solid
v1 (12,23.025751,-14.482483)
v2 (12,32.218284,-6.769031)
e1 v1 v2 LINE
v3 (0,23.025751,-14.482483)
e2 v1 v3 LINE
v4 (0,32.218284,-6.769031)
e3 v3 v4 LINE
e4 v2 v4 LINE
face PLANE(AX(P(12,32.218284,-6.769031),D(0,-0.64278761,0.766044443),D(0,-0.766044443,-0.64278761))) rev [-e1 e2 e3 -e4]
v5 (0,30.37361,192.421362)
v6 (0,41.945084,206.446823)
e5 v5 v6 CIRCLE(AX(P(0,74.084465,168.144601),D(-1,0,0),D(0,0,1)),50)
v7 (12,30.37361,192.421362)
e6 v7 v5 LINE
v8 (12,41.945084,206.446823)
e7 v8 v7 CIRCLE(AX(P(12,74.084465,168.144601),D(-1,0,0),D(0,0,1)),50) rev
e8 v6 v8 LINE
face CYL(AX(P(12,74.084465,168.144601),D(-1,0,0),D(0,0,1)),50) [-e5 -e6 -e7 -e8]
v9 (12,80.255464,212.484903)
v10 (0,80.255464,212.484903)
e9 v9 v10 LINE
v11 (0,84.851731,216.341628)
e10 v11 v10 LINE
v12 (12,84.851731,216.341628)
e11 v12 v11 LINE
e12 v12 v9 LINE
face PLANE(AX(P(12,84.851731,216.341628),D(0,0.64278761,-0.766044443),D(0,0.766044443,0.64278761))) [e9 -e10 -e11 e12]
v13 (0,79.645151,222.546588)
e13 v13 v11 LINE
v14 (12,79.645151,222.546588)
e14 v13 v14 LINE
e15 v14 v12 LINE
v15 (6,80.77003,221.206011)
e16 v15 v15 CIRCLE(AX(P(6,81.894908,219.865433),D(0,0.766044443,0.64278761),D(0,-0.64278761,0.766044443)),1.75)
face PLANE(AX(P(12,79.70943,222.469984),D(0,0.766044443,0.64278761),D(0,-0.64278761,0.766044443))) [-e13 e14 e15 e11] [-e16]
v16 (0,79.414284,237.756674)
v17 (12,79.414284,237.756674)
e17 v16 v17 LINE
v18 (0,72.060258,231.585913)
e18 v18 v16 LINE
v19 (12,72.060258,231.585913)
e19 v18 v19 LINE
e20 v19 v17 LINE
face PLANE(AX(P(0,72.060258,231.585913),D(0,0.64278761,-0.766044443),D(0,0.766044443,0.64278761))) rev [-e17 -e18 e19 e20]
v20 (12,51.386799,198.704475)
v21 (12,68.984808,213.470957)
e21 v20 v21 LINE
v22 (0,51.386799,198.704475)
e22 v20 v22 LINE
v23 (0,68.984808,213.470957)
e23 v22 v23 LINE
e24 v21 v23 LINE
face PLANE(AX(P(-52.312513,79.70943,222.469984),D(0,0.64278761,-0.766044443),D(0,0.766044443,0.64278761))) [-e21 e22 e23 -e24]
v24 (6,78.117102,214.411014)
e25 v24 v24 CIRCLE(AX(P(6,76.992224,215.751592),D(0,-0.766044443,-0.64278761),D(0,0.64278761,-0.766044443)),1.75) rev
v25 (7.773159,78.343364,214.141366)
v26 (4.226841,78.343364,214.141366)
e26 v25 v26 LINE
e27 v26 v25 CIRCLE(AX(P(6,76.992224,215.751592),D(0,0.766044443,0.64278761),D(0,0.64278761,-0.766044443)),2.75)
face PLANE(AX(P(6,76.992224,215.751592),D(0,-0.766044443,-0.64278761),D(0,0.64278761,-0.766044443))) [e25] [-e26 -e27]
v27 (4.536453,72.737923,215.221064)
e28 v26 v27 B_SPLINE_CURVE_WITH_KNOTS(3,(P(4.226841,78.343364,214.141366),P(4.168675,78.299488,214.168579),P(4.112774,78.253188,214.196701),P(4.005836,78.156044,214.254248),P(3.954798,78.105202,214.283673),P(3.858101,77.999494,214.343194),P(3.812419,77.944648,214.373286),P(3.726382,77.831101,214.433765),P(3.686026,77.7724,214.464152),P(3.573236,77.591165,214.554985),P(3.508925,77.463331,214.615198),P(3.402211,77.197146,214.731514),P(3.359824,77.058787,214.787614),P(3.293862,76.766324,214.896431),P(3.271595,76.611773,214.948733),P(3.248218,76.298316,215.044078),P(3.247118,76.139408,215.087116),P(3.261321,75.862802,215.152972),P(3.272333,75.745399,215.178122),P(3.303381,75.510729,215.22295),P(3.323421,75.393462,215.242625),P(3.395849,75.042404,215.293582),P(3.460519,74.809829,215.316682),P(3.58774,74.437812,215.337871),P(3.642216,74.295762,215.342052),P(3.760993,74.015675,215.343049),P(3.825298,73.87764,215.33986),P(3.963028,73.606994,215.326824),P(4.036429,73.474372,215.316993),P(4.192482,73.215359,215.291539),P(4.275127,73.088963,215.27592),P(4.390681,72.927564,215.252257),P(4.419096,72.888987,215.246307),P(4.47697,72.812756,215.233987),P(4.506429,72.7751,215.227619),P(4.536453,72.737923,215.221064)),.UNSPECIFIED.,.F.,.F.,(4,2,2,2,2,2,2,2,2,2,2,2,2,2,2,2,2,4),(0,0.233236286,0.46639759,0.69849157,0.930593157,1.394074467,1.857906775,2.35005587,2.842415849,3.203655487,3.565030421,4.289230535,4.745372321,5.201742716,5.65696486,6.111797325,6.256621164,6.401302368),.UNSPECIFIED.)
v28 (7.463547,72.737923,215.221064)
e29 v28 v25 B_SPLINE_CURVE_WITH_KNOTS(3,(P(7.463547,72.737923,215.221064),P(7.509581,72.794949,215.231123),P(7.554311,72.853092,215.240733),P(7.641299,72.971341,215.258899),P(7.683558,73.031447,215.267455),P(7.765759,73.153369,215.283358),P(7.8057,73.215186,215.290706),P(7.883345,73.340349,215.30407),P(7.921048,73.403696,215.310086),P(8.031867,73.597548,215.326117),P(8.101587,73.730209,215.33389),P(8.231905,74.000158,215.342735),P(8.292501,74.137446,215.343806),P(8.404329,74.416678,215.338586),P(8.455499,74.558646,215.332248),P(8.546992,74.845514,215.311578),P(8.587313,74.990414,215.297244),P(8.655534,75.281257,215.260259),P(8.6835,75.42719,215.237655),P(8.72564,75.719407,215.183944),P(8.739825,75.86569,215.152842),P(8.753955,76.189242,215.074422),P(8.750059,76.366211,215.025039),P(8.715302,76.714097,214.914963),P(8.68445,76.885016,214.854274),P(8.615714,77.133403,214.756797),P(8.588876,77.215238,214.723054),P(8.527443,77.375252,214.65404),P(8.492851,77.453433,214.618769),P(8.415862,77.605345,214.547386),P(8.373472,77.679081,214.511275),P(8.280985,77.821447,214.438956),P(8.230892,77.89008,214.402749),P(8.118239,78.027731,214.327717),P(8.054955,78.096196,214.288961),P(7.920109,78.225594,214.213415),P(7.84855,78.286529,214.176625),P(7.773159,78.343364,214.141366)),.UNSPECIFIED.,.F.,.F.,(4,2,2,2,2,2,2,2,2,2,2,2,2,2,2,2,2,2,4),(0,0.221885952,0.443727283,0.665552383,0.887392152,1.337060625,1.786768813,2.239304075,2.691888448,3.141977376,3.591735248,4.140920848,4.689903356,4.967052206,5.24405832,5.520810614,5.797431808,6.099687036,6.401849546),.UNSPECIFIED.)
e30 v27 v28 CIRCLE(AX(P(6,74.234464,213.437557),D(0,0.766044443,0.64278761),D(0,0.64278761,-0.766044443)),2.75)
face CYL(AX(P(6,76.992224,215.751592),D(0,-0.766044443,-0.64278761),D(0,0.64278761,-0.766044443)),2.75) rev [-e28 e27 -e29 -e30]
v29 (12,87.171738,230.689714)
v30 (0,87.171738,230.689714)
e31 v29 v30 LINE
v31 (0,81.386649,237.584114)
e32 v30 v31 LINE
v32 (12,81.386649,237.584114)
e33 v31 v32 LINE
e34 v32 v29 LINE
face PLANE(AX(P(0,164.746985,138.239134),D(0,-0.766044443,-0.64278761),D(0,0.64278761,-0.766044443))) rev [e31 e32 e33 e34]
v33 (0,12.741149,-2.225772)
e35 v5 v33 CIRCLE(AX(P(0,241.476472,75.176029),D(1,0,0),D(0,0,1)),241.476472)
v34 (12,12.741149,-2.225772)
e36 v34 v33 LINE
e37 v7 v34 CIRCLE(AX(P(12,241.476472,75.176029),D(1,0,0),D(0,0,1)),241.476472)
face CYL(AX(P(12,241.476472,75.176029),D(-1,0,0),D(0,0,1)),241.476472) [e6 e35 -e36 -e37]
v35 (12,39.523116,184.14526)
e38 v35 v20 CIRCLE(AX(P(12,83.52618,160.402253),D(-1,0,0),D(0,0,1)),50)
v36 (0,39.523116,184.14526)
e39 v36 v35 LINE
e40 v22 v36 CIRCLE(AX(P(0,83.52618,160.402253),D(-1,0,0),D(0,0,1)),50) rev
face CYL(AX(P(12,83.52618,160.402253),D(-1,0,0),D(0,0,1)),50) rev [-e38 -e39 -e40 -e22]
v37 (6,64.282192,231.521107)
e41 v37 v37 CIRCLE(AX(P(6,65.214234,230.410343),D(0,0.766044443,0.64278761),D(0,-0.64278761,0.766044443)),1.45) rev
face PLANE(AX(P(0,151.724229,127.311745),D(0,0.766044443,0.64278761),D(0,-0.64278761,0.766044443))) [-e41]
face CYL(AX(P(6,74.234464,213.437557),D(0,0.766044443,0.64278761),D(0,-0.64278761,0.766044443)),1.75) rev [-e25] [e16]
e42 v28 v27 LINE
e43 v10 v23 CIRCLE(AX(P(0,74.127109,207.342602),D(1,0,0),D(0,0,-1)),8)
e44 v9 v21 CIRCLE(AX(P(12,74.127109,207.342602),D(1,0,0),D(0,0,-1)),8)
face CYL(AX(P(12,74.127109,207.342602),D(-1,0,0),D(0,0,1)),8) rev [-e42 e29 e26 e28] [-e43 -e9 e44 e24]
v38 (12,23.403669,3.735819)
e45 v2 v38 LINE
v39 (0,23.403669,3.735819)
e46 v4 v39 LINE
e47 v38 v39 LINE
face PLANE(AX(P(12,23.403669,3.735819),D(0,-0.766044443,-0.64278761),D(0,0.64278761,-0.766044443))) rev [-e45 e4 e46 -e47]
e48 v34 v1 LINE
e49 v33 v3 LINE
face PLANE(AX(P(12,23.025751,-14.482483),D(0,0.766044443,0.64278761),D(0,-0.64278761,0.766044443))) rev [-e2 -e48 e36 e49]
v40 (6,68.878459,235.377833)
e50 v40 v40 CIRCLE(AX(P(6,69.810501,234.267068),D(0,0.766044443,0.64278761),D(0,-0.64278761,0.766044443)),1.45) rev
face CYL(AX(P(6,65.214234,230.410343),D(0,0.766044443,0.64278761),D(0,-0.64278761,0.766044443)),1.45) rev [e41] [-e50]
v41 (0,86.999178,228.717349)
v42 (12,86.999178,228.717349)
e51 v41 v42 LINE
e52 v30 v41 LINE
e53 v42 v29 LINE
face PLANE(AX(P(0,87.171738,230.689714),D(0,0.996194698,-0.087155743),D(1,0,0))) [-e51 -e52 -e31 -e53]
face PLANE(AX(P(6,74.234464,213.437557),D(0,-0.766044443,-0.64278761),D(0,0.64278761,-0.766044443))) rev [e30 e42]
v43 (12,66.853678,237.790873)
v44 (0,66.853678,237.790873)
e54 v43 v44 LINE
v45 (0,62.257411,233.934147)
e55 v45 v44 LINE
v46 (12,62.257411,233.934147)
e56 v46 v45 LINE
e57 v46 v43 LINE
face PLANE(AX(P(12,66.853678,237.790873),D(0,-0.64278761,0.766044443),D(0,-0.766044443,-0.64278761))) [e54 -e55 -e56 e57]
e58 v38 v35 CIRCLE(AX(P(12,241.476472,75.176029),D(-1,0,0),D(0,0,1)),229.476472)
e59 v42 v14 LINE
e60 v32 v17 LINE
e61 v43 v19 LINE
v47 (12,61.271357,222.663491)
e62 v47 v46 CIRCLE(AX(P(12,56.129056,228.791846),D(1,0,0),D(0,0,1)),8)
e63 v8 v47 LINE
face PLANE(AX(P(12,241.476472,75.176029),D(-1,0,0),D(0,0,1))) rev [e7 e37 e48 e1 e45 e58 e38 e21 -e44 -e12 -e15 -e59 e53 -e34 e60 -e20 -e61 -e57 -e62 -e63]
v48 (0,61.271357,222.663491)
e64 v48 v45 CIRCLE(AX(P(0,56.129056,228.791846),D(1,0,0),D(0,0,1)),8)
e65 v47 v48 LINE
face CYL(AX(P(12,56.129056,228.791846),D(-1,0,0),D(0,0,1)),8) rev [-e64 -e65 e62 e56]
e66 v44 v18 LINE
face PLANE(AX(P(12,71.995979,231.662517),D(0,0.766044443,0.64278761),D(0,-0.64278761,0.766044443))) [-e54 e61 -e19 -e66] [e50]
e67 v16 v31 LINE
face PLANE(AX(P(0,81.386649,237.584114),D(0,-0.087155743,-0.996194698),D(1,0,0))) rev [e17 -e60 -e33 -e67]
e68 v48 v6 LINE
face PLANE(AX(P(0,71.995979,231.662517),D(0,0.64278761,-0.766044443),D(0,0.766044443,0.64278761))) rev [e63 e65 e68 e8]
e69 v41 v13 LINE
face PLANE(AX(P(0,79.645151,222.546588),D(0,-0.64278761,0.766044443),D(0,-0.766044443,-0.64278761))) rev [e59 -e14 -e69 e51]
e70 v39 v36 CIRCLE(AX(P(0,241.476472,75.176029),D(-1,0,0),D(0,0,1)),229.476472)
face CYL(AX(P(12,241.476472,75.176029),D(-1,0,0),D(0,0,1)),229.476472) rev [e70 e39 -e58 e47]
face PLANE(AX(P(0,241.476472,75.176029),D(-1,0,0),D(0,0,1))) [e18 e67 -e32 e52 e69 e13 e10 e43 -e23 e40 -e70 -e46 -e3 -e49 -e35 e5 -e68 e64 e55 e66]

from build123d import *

# Parameters (mm, degrees)
AUFSATZ_LINEAR_AUSTRAGEN1_DEPTH  = 12
AUFSATZ_LINEAR_AUSTRAGEN3_DEPTH  = 12
AUFSATZ_LINEAR_AUSTRAGEN4_DEPTH  = 12
SCHNITT_LINEAR_AUSTRAGEN1_DEPTH  = 254.175024926
VERRUNDUNG1_R                    = 50
SKIZZE9_W                        = 12
SKIZZE9_H                        = 12
AUFSATZ_LINEAR_AUSTRAGEN6_DEPTH  = 11
AUFSATZ_LINEAR_AUSTRAGEN7_DEPTH  = 12
SKIZZE11_R                       = 1.75
SCHNITT_LINEAR_AUSTRAGEN3_DEPTH  = 10
SKIZZE12_R                       = 2.75
SCHNITT_LINEAR_AUSTRAGEN4_DEPTH  = 3.6
FASE1_SIZE                       = 1.5
SCHNITT_LINEAR_AUSTRAGEN8_DEPTH  = 254.549622303
SKIZZE11_3_R                     = 1.45
SCHNITT_LINEAR_AUSTRAGEN10_DEPTH = 6


with BuildPart() as part:
    # Skizze1 → Aufsatz-Linear austragen1 (new body)
    with BuildSketch(Plane(origin=(0, 0, 0), x_dir=(0, 0, -1), z_dir=(1, 0, 0))):
        with BuildLine():
            Line((-240, 65), (-230.735708163, 72.773663864))
            ThreePointArc((-230.735708163, 72.773663864), (-123.944567763, 17.242039243), (-3.735818811, 23.403668612))
            Line((-3.735818811, 23.403668612), (0, 12))
            ThreePointArc((0, 12), (-127.247502729, 5.681119716), (-240, 65))
        make_face()
    extrude(amount=AUFSATZ_LINEAR_AUSTRAGEN1_DEPTH)

    # Skizze4 → Aufsatz-Linear austragen3 (add)
    with BuildSketch(Plane(origin=(0, 0, 0), x_dir=(0, 0, -1), z_dir=(1, 0, 0))):
        with BuildLine():
            Line((-3.735818811, 23.403668612), (6.769031275, 32.218284445))
            Line((6.769031275, 32.218284445), (14.482482591, 23.025751128))
            Line((14.482482591, 23.025751128), (2.225771501, 12.741149373))
            ThreePointArc((2.225771501, 12.741149373), (1.113785782, 12.367871772), (0, 12))
            Line((0, 12), (-3.735818811, 23.403668612))
        make_face()
    extrude(amount=AUFSATZ_LINEAR_AUSTRAGEN3_DEPTH)

    # Skizze5 → Aufsatz-Linear austragen4 (add)
    with BuildSketch(Plane(origin=(12, 0, 0), x_dir=(0, 0, -1), z_dir=(1, 0, 0))):
        Polygon((-231.662517154, 71.995978781), (-222.469983836, 79.709430098), (-210.899806862, 65.920630121), (-192.948331238, 44.526894555), (-220.092340179, 58.207178805), align=None)
    extrude(amount=-AUFSATZ_LINEAR_AUSTRAGEN4_DEPTH)

    # Skizze6 → Schnitt-Linear austragen1 (cut, through all)
    with BuildSketch(Plane(origin=(12, 0, 0), x_dir=(0, 0, -1), z_dir=(1, 0, 0))):
        Polygon((-231.662517154, 71.995978781), (-199.510648028, 33.678873242), (-204.367668784, 29.603348917), (-240, 65), align=None)
    extrude(amount=-SCHNITT_LINEAR_AUSTRAGEN1_DEPTH, mode=Mode.SUBTRACT)

    # Verrundung1
    verrundung1_edges = [part.edges().sort_by_distance(p)[0] for p in [
        (6, 44.526894555, 192.948331238),
        (6, 35.285406895, 200.858689823),
    ]]
    fillet(verrundung1_edges, radius=VERRUNDUNG1_R)

    # Skizze9 → Aufsatz-Linear austragen6 (add)
    with BuildSketch(Plane(origin=(0, 156.320496136, 131.168470653), x_dir=(1, 0, 0), z_dir=(0, 0.7660444431189836, 0.6427876096865328))):
        with Locations((6, -125.185660837)):
            Rectangle(SKIZZE9_W, SKIZZE9_H)
    extrude(amount=AUFSATZ_LINEAR_AUSTRAGEN6_DEPTH)

    # Skizze10 → Aufsatz-Linear austragen7 (add)
    with BuildSketch(Plane.ZY):
        with BuildLine():
            Line((231.662517154, 71.995978781), (237.790872699, 66.853677904))
            Line((237.790872699, 66.853677904), (233.93414704, 62.257411245))
            ThreePointArc((233.93414704, 62.257411245), (228.094600221, 64.098613285), (222.663490618, 61.271356578))
            Line((222.663490618, 61.271356578), (231.662517154, 71.995978781))
        make_face()
        with BuildLine():
            Line((213.470957301, 68.984807894), (222.469983836, 79.709430098))
            Line((222.469983836, 79.709430098), (216.341628291, 84.851730975))
            Line((216.341628291, 84.851730975), (212.484902633, 80.255464316))
            ThreePointArc((212.484902633, 80.255464316), (215.31215934, 74.824354713), (213.470957301, 68.984807894))
        make_face()
    extrude(amount=-AUFSATZ_LINEAR_AUSTRAGEN7_DEPTH)

    # Skizze11 → Schnitt-Linear austragen3 (cut)
    with BuildSketch(Plane(origin=(0, 156.320496136, 131.168470653), x_dir=(1, 0, 0), z_dir=(0, 0.7660444431189826, 0.642787609686534))):
        with Locations(Location((6, -115.785660837, 0), (0, 0, 270))):
            Circle(SKIZZE11_R)
    extrude(amount=-SCHNITT_LINEAR_AUSTRAGEN3_DEPTH, mode=Mode.SUBTRACT)

    # Skizze12 → Schnitt-Linear austragen4 (cut)
    with BuildSketch(Plane(origin=(0, 148.660051704, 124.740594556), x_dir=(1, 0, 0), z_dir=(0, 0.7660444431189826, 0.642787609686534))):
        with Locations((6, -115.785660837)):
            Circle(SKIZZE12_R)
    extrude(amount=SCHNITT_LINEAR_AUSTRAGEN4_DEPTH, mode=Mode.SUBTRACT)

    # Fase1
    fase1_edges = [part.edges().sort_by_distance(p)[0] for p in [
        (6, 88.135918972, 229.540647543),
        (6, 80.422467656, 238.73318086),
    ]]
    chamfer(fase1_edges, length=FASE1_SIZE)

    # Skizze16 → Schnitt-Linear austragen8 (cut, through all)
    with BuildSketch(Plane(origin=(12, 0, 0), x_dir=(0, 0, -1), z_dir=(1, 0, 0))):
        Polygon((-222.469983836, 79.709430098), (-222.546588281, 79.645151337), (-228.717349334, 86.999177991), (-228.640744889, 87.063456752), align=None)
        Polygon((-237.833278207, 79.350005435), (-231.662517154, 71.995978781), (-231.585912709, 72.060257542), (-237.756673762, 79.414284196), align=None)
    extrude(amount=-SCHNITT_LINEAR_AUSTRAGEN8_DEPTH, mode=Mode.SUBTRACT)

    # Skizze11<3> → Schnitt-Linear austragen10 (cut)
    with BuildSketch(Plane(origin=(0, 156.320496136, 131.168470653), x_dir=(1, 0, 0), z_dir=(0, 0.7660444431189826, 0.642787609686534))):
        with Locations(Location((6, -134.585660837, 0), (0, 0, 270))):
            Circle(SKIZZE11_3_R)
    extrude(amount=-SCHNITT_LINEAR_AUSTRAGEN10_DEPTH, mode=Mode.SUBTRACT)


solid = part.part
